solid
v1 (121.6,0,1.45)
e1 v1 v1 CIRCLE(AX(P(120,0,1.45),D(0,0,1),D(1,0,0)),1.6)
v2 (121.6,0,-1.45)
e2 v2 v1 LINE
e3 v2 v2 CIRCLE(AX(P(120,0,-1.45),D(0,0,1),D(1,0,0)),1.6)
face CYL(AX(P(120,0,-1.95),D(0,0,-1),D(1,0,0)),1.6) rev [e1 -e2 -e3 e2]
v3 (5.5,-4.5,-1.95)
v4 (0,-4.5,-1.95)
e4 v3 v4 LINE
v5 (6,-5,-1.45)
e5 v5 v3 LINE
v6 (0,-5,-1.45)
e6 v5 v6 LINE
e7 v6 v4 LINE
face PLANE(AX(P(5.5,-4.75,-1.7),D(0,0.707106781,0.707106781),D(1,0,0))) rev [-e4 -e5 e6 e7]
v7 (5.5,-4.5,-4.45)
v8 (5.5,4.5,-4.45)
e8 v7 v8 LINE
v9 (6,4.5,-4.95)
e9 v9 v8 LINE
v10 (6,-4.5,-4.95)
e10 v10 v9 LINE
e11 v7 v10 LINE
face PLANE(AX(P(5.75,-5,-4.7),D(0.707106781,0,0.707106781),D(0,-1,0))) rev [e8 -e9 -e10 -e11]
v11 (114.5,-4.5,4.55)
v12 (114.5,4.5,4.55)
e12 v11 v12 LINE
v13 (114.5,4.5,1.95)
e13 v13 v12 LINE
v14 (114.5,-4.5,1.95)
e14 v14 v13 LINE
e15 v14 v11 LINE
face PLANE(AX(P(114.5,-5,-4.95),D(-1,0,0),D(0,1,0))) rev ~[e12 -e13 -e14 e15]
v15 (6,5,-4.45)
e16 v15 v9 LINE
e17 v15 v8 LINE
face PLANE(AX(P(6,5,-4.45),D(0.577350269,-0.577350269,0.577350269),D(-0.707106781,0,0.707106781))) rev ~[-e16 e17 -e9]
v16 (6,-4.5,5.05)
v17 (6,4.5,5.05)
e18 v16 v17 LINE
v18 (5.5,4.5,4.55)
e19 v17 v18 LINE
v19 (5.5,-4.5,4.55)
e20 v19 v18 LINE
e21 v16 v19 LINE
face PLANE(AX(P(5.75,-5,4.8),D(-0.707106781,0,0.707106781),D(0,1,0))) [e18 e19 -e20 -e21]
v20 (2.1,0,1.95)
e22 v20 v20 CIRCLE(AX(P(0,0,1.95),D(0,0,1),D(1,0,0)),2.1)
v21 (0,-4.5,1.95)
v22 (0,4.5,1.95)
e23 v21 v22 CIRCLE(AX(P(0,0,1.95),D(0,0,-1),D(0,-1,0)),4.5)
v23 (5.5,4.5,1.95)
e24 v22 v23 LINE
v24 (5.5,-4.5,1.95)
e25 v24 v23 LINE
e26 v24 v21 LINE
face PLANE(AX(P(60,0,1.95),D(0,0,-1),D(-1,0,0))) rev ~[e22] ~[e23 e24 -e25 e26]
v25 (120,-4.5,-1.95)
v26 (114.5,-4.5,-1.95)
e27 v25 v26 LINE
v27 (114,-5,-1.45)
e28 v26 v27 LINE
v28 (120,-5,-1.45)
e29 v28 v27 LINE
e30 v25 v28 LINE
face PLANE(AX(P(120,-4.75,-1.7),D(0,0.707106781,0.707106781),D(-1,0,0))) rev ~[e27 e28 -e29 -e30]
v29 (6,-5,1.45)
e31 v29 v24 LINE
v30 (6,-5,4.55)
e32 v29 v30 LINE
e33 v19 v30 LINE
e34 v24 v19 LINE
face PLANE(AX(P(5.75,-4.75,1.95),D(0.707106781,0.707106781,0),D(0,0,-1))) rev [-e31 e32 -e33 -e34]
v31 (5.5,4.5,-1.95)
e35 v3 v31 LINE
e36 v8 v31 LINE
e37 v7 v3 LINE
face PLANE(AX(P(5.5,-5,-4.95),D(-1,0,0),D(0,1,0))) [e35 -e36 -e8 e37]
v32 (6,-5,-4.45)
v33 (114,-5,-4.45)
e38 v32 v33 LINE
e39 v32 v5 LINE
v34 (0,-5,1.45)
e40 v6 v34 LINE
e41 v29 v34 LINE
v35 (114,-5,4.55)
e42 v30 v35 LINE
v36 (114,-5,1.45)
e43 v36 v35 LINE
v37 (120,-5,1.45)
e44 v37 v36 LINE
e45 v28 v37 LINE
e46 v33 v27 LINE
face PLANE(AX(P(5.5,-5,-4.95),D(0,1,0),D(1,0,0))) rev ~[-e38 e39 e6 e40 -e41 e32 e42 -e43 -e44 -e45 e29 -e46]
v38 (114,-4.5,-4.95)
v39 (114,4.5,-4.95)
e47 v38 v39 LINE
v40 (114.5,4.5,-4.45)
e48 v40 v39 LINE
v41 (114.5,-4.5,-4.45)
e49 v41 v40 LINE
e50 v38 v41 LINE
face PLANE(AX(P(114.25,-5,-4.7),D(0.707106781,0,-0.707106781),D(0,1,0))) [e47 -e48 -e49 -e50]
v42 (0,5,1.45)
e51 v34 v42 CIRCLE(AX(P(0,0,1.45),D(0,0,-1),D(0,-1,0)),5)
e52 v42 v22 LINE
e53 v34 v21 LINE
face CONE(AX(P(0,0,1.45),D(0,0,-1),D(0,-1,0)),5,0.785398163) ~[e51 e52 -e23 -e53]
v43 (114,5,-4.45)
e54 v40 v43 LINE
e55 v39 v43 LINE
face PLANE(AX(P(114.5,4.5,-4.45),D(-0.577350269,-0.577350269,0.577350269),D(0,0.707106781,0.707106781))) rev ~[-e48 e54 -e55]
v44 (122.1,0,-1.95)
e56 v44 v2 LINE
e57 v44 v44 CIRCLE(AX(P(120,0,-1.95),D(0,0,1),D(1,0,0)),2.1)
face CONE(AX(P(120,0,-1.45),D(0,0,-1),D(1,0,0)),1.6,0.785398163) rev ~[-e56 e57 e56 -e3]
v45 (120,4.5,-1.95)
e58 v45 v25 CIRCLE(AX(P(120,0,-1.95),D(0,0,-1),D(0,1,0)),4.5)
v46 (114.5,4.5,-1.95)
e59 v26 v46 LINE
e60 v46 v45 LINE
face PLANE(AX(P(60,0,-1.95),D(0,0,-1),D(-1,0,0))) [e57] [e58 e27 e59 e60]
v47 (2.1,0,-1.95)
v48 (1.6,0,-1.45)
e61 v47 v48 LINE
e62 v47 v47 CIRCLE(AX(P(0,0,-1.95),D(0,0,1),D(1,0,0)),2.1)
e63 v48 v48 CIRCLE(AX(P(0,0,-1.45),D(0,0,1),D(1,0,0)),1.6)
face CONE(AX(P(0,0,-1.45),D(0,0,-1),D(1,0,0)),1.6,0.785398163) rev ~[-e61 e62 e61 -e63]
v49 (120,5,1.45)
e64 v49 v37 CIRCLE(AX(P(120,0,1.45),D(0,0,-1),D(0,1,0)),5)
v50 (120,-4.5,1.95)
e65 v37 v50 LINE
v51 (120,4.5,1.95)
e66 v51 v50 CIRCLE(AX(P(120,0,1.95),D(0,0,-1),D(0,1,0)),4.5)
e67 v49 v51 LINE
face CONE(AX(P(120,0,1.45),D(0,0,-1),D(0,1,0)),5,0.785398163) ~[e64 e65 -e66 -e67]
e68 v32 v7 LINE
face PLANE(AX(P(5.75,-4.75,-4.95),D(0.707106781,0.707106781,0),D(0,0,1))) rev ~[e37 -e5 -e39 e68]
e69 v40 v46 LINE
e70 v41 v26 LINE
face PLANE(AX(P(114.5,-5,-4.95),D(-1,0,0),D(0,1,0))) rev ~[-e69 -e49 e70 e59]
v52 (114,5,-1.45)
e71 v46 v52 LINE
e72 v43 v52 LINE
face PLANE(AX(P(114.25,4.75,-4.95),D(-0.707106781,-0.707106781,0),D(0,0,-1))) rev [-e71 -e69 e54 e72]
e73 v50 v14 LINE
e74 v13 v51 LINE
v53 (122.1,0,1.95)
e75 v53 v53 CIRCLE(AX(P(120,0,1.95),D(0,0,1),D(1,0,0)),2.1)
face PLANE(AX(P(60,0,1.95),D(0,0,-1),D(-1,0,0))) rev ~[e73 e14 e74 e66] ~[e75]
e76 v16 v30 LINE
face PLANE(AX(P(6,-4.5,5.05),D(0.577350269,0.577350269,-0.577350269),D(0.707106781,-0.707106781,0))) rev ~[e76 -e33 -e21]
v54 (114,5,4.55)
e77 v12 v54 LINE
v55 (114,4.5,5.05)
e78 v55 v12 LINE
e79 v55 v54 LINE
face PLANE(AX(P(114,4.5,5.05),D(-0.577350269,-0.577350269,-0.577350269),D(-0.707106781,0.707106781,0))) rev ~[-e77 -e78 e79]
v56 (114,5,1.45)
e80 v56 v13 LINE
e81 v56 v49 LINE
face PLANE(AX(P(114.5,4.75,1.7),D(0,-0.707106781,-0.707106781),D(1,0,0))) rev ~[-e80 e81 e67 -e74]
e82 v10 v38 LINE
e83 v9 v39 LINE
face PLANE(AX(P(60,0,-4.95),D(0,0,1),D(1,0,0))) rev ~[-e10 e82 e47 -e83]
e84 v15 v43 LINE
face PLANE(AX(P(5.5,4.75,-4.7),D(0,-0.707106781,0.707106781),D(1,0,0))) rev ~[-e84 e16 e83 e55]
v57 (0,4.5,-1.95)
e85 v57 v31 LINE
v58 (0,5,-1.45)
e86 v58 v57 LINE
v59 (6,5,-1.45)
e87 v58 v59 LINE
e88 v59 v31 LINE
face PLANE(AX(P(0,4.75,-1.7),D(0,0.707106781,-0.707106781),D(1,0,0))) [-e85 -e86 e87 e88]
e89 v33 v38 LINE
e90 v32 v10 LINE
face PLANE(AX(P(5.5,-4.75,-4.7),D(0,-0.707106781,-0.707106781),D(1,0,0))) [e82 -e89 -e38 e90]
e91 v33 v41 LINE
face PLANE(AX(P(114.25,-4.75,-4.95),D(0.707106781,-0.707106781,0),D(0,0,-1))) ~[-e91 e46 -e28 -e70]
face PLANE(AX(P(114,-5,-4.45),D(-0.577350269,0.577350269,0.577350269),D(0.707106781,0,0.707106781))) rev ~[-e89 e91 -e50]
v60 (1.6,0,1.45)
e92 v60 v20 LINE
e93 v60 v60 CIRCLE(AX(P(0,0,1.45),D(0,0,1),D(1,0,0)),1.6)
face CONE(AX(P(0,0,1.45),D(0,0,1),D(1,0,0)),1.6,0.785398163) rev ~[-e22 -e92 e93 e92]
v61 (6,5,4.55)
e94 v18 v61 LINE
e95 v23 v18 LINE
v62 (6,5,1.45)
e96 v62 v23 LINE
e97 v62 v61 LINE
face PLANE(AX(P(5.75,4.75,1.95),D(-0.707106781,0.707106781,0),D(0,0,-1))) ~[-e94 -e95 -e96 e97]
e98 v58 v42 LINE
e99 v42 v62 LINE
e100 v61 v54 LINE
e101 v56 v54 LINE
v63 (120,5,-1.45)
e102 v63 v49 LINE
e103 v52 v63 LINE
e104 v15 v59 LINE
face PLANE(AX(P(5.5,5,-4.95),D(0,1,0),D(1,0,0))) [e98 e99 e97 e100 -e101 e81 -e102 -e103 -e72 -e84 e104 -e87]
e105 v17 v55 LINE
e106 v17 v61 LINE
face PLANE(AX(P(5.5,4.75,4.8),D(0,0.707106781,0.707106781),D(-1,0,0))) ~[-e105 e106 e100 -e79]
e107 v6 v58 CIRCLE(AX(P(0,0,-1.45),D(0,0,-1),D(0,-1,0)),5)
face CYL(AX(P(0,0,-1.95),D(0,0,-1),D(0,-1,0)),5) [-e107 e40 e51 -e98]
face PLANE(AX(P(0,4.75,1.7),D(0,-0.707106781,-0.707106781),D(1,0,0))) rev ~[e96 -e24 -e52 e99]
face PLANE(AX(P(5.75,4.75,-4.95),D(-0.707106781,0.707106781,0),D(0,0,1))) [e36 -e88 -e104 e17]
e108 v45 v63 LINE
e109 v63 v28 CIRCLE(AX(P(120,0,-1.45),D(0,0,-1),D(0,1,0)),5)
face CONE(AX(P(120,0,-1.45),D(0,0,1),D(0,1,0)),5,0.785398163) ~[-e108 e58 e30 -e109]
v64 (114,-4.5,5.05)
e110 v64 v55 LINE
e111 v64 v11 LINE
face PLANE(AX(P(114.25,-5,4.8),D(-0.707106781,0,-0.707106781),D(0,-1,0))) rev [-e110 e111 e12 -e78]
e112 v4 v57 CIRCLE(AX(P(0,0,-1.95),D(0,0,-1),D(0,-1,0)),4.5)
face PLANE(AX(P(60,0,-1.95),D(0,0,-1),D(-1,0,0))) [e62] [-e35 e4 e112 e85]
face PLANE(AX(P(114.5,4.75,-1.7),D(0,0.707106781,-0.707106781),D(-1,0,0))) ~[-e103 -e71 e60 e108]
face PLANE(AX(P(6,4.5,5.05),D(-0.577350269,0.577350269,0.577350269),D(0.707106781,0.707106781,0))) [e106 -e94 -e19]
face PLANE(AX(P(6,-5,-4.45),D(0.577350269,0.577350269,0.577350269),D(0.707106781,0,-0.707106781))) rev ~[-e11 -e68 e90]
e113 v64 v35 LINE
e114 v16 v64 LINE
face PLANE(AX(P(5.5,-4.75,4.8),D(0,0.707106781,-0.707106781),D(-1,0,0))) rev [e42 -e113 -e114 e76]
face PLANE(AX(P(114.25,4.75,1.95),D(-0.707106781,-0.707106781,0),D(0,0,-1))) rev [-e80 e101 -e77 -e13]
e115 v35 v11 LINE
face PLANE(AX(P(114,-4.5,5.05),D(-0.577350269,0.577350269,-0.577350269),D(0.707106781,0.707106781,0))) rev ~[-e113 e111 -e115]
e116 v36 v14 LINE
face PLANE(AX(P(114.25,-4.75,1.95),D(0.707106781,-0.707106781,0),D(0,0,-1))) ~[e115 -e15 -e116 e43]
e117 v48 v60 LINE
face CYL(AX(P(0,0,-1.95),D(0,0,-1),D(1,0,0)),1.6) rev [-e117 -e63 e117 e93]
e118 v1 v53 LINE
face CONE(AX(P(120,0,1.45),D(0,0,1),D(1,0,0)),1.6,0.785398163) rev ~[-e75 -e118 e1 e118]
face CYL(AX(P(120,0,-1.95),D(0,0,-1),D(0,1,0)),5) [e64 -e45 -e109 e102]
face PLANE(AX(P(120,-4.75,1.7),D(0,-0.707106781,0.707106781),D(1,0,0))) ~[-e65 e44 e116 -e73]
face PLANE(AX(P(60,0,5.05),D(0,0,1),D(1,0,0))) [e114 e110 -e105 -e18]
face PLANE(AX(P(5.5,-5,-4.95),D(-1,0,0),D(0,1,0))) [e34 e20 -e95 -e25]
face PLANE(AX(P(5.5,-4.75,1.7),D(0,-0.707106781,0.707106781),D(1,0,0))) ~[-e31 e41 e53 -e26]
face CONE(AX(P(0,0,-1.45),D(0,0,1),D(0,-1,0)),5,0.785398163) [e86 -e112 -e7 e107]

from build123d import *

# Parameters (mm, degrees)
BOSS_EXTRUDE1_DEPTH      = 1.95
BOSS_EXTRUDE1_DEPTH_BACK = 1.95
SKETCH1_R                = 1.6
BOSS_EXTRUDE2_DEPTH      = 3.1
BOSS_EXTRUDE2_DEPTH_BACK = 6.9
SKETCH2_W                = 109
SKETCH2_H                = 10
CHAMFER1_SIZE            = 0.5


with BuildPart() as part:
    # Sketch1 → Boss-Extrude1 (new, two sides: drawn at the far end of the back side and taken through both)
    with BuildSketch(Plane.XY.offset(-BOSS_EXTRUDE1_DEPTH_BACK)):
        with BuildLine():
            Line((0, 5), (120, 5))
            ThreePointArc((120, 5), (125, 0), (120, -5))
            Line((120, -5), (0, -5))
            ThreePointArc((0, -5), (-5, 0), (0, 5))
        make_face()
        Circle(SKETCH1_R, mode=Mode.SUBTRACT)
        with Locations((120, 0)):
            Circle(SKETCH1_R, mode=Mode.SUBTRACT)
    extrude(amount=BOSS_EXTRUDE1_DEPTH + BOSS_EXTRUDE1_DEPTH_BACK)

    # Sketch2 → Boss-Extrude2 (add, two sides: drawn at the far end of the back side and taken through both)
    with BuildSketch(Plane.XY.offset(1.95).offset(-BOSS_EXTRUDE2_DEPTH_BACK)):
        with Locations((60, 0)):
            Rectangle(SKETCH2_W, SKETCH2_H)
    extrude(amount=BOSS_EXTRUDE2_DEPTH + BOSS_EXTRUDE2_DEPTH_BACK)

    # Chamfer1
    chamfer1_edges = [part.edges().sort_by_distance(p)[0] for p in [
        (125, 0, -1.95),
        (-1.6, 0, -1.95),
        (117.25, 5, -1.95),
        (118.4, 0, -1.95),
        (-5, 0, 1.95),
        (2.75, -5, 1.95),
        (125, 0, 1.95),
        (117.25, 5, 1.95),
        (-1.6, 0, 1.95),
        (118.4, 0, 1.95),
        (117.25, -5, 1.95),
        (2.75, 5, 1.95),
        (2.75, 5, -1.95),
        (117.25, -5, -1.95),
        (-5, 0, -1.95),
        (5.5, 0, -4.95),
        (5.5, -5, -3.45),
        (60, 5, -4.95),
        (5.5, 5, -3.45),
        (114.5, 0, -4.95),
        (114.5, 5, -3.45),
        (60, -5, -4.95),
        (114.5, -5, -3.45),
        (5.5, -5, 3.5),
        (5.5, 5, 3.5),
        (114.5, 5, 3.5),
        (114.5, -5, 3.5),
        (5.5, 0, 5.05),
        (60, -5, 5.05),
        (114.5, 0, 5.05),
        (60, 5, 5.05),
        (2.75, -5, -1.95),
    ]]
    chamfer(chamfer1_edges, length=CHAMFER1_SIZE)


solid = part.part
